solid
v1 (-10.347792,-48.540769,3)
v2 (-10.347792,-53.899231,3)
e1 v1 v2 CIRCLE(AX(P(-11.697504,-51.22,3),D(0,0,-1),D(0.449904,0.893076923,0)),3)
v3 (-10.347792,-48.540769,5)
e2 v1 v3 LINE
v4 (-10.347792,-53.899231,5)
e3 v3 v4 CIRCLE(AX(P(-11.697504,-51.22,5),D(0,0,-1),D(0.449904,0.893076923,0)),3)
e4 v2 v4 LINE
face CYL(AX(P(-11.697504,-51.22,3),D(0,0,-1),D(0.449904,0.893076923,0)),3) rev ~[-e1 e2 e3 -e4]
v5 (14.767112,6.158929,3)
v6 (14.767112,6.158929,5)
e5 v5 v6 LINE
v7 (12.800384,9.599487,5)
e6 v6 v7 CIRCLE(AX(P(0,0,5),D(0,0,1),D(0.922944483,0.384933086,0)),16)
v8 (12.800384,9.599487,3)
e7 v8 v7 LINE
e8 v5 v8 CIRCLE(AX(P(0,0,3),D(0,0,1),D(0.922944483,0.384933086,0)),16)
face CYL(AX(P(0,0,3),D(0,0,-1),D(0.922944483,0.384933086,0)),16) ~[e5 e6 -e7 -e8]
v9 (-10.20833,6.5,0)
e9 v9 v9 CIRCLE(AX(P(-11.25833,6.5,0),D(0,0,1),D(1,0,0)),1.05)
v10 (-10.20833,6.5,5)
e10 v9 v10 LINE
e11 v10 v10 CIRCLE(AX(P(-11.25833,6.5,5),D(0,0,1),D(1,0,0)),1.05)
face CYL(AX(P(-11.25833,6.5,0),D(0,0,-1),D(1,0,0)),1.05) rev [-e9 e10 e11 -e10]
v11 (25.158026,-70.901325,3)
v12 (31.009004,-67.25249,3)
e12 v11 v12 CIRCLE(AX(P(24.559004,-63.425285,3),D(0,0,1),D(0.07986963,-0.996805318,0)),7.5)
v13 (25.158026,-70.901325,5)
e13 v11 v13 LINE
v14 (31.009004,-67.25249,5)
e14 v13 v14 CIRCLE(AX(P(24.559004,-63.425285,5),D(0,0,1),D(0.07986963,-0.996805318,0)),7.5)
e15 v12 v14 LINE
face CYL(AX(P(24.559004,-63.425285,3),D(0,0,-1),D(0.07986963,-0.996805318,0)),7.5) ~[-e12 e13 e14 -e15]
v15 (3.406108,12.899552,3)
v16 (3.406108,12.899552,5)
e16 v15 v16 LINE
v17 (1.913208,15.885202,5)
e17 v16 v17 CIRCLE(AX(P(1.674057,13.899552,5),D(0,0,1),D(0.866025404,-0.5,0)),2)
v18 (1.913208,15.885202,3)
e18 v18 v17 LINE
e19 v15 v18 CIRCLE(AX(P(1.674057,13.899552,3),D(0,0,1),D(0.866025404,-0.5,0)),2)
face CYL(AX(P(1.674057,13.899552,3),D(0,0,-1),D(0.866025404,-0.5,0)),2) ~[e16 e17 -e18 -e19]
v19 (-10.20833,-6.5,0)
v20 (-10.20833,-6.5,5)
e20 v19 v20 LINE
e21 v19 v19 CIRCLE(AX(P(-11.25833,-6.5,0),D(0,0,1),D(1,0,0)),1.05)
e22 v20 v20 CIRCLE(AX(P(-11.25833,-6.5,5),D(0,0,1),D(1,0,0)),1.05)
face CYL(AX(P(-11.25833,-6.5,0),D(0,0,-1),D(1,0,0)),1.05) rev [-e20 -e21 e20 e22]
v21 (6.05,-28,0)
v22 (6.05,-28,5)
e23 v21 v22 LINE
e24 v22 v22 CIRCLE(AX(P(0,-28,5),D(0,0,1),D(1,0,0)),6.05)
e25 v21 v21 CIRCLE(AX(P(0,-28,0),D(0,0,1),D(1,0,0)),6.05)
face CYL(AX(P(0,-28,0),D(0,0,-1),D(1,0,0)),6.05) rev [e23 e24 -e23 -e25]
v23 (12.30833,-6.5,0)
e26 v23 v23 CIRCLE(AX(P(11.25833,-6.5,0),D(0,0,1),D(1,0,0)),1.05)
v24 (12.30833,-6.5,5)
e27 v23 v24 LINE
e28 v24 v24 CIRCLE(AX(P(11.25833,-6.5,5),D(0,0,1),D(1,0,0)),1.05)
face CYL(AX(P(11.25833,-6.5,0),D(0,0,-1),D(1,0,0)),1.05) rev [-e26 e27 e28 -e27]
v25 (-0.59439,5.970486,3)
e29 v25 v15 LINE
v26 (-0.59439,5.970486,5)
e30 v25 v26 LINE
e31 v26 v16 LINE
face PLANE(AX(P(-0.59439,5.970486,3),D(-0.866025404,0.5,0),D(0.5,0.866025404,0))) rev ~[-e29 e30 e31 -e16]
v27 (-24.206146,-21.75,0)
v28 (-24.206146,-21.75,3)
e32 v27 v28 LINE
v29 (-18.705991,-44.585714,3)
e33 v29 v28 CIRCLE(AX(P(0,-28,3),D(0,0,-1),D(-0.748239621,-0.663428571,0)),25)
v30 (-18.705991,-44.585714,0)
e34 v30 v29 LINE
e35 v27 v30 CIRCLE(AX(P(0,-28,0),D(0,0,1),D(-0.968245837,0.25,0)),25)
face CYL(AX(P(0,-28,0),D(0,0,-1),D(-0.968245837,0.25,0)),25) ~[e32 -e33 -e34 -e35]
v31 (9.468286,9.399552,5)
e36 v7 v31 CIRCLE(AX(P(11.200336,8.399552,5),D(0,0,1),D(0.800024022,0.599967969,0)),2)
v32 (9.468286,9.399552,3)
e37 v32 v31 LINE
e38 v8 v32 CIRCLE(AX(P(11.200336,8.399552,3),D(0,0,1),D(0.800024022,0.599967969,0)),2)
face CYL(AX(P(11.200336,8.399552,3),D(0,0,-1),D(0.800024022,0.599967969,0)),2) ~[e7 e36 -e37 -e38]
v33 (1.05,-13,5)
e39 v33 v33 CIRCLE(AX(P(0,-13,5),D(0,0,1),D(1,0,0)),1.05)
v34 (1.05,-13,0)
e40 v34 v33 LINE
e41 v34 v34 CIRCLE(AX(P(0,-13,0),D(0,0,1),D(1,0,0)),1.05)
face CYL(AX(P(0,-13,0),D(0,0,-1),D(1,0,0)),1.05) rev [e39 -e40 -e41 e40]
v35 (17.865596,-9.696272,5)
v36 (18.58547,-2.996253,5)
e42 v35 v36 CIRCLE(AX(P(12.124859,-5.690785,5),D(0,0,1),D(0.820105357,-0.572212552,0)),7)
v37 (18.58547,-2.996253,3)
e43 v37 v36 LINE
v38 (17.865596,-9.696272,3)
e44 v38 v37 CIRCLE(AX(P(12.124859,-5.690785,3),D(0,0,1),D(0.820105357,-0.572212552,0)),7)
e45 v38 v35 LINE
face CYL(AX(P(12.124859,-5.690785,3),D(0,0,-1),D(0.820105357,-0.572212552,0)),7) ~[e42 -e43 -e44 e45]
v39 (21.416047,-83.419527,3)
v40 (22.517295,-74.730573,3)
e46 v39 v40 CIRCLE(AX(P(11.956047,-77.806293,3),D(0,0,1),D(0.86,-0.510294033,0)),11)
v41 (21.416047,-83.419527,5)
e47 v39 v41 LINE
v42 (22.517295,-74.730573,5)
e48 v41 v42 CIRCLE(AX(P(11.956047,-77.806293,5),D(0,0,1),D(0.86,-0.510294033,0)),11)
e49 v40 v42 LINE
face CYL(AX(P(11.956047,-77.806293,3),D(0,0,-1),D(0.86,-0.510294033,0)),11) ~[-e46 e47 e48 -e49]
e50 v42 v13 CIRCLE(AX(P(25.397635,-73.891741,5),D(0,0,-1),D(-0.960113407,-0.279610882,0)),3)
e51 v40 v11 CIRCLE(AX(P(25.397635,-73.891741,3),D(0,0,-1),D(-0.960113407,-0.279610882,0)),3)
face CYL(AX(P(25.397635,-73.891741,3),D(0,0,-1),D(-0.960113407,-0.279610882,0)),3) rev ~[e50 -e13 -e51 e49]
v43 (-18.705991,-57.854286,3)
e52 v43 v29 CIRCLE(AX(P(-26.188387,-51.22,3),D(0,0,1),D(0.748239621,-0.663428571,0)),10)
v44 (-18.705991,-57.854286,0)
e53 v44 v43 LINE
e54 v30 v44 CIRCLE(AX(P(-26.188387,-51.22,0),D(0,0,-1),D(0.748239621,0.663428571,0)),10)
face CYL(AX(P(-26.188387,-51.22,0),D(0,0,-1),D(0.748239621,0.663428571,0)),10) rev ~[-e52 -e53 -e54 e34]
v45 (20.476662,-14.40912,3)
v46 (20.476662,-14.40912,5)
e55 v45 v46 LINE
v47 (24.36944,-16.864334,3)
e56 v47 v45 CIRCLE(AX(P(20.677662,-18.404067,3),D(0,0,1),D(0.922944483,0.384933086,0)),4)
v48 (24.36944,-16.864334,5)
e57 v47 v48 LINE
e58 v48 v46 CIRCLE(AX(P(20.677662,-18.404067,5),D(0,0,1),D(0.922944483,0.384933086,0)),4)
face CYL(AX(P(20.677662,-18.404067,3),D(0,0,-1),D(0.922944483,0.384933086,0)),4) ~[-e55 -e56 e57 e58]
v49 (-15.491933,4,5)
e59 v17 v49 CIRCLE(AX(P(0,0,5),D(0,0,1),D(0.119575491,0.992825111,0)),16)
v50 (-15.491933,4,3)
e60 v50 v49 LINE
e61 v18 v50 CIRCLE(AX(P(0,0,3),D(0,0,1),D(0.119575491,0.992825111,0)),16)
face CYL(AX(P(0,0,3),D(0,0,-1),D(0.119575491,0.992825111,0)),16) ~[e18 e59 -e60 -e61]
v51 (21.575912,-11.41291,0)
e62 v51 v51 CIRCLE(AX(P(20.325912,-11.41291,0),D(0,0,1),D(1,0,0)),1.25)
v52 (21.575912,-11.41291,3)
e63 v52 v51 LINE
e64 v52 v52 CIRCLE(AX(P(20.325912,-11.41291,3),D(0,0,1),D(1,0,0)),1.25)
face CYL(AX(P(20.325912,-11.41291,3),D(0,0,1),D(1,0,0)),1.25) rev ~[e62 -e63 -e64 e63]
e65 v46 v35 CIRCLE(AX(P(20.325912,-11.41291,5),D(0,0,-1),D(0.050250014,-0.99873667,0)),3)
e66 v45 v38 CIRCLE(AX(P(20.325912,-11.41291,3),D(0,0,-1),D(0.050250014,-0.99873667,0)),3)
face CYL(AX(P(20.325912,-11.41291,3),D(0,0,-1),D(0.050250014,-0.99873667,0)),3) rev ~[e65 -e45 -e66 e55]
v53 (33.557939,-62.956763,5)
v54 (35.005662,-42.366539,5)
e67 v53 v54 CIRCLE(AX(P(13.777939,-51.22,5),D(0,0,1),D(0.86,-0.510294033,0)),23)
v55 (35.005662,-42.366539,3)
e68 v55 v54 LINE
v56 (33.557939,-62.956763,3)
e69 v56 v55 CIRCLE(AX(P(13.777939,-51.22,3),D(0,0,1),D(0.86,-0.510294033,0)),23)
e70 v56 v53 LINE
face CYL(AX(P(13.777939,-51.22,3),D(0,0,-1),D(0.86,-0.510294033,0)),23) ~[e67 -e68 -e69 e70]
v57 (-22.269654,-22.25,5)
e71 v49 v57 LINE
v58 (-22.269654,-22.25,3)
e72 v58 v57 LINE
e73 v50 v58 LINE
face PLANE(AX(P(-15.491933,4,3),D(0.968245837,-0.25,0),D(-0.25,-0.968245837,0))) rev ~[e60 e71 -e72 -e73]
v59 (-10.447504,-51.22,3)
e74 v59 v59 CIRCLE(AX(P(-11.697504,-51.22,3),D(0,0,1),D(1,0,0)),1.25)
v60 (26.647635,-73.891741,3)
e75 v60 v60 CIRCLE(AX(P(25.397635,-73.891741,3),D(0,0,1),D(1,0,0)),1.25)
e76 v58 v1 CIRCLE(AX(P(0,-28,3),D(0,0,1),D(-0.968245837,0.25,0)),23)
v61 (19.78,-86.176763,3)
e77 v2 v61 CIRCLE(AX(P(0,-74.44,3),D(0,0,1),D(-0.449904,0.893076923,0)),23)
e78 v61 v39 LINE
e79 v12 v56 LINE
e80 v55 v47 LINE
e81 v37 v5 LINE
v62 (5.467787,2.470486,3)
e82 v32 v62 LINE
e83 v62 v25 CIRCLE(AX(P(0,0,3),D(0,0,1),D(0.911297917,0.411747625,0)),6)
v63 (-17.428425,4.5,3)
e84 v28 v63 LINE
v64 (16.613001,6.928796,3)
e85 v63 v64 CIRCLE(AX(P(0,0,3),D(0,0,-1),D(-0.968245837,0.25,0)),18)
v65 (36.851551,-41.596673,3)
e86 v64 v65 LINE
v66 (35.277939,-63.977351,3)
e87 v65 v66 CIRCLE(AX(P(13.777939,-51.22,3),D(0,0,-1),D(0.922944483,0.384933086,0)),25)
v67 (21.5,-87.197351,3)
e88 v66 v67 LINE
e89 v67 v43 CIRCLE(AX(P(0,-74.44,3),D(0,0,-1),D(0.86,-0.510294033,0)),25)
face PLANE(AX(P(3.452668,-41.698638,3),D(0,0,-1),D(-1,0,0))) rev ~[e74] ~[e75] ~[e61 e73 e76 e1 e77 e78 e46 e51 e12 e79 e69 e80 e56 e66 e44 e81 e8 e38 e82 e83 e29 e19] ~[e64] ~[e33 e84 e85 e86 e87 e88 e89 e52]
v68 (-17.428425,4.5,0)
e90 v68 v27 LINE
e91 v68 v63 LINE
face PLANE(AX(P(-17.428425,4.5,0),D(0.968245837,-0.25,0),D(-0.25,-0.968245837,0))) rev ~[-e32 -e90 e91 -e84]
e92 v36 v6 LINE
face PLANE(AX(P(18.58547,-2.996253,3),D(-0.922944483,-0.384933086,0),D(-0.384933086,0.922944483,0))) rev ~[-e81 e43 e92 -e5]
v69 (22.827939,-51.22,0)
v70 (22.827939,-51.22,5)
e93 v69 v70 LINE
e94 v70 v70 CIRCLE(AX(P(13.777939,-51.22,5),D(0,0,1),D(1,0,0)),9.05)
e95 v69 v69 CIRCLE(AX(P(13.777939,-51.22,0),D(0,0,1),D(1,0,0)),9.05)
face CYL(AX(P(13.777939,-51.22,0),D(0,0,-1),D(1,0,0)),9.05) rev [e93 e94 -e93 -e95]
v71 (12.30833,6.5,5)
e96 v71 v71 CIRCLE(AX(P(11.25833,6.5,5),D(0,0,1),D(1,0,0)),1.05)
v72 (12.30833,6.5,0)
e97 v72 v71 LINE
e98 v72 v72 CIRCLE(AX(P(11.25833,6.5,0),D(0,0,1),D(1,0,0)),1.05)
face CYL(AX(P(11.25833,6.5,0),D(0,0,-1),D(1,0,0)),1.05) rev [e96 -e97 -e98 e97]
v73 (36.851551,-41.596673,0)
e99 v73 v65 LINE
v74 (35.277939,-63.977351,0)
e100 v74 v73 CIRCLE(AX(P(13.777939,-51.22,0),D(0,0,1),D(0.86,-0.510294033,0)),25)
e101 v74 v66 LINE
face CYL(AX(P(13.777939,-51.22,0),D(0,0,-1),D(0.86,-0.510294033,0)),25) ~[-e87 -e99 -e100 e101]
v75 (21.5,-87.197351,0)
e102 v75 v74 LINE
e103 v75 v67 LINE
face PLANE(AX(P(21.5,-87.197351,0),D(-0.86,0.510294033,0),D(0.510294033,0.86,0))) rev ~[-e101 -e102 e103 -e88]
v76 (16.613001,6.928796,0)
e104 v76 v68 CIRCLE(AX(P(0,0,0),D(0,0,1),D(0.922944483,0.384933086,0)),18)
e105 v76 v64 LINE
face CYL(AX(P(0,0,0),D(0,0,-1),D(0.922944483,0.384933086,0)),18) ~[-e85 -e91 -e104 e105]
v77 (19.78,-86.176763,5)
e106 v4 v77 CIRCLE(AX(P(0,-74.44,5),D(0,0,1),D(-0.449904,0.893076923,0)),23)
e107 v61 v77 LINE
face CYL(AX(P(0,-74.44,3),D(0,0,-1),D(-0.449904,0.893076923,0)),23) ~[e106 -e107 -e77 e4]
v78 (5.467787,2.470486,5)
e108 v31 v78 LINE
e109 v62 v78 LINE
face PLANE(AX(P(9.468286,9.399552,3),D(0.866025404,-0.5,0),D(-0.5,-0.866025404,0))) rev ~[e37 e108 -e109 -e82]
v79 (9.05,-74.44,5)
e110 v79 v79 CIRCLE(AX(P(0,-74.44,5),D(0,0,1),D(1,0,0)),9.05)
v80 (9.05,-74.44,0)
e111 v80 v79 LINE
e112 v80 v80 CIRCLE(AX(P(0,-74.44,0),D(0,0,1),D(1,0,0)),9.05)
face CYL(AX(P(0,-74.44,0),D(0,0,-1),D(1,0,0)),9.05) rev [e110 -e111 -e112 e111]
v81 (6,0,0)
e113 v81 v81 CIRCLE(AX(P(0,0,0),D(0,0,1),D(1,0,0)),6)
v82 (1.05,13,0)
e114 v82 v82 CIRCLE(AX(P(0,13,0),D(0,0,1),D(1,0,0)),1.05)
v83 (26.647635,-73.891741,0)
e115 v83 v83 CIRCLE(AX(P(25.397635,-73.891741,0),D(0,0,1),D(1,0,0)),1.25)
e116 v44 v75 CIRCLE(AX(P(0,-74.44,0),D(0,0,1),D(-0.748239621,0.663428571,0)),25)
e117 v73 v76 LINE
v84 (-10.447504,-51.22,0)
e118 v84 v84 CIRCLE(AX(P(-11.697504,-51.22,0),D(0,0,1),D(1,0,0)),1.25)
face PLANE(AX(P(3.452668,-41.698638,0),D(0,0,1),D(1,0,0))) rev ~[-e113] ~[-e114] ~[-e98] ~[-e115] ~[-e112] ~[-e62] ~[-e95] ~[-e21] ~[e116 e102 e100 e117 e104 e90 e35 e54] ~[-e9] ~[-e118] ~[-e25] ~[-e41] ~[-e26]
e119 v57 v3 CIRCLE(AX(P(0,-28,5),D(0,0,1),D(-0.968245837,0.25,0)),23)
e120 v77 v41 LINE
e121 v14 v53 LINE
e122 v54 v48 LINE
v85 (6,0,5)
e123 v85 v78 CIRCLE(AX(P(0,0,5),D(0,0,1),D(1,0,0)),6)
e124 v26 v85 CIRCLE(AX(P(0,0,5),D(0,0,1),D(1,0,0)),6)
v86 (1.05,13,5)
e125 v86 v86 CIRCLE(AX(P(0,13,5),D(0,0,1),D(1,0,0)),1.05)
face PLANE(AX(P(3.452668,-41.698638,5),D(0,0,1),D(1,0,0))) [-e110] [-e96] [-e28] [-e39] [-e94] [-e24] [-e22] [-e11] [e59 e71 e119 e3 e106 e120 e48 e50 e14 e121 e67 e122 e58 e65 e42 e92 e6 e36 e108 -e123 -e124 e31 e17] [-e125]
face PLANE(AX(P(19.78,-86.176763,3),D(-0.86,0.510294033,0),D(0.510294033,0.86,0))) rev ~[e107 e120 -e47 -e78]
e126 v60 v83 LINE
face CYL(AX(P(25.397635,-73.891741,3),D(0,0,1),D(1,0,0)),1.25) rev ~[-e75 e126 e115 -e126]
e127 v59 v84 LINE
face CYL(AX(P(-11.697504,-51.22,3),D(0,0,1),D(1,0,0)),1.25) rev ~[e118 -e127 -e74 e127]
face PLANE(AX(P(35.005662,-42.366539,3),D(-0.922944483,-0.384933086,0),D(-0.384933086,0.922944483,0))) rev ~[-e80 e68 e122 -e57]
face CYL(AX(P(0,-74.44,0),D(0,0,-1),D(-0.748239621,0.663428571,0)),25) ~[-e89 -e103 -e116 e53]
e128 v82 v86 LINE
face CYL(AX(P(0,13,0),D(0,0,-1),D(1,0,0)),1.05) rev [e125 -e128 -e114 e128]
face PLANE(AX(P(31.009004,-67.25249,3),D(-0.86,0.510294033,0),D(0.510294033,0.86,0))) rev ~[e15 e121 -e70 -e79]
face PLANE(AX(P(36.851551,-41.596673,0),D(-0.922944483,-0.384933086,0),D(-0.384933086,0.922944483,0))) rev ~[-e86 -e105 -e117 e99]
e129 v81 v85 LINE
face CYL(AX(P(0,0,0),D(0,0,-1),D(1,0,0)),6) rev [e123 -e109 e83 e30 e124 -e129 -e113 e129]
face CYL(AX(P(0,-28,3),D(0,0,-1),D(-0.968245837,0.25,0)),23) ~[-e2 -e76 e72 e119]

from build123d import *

# Parameters (mm, degrees)
SKETCH1_R           = 6
SKETCH1_R_2         = 6.05
SKETCH1_R_3         = 9.05
SKETCH1_R_4         = 1.05
BOSS_EXTRUDE1_DEPTH = 5
CUT_EXTRUDE1_START  = -2
CUT_EXTRUDE1_DEPTH  = 2
SKETCH3_R           = 1.25
CUT_EXTRUDE2_DEPTH  = 107.775662697


with BuildPart() as part:
    # Sketch1 → Boss-Extrude1 (new body)
    with BuildSketch(Plane.XY):
        with BuildLine():
            Line((-17.428425058, 4.5), (-24.206145914, -21.75))
            ThreePointArc((-24.206145914, -21.75), (-24.304944461, -33.854030643), (-18.705990528, -44.585714286))
            ThreePointArc((-18.705990528, -44.585714286), (-16.188386739, -51.22), (-18.705990528, -57.854285714))
            ThreePointArc((-18.705990528, -57.854285714), (-14.737892988, -94.633922608), (21.5, -87.197350822))
            Line((21.5, -87.197350822), (35.277938888, -63.977350822))
            ThreePointArc((35.277938888, -63.977350822), (38.71637128, -52.973450833), (36.851550967, -41.59667284))
            Line((36.851550967, -41.59667284), (16.613000697, 6.928795555))
            ThreePointArc((16.613000697, 6.928795555), (-1.281011782, 17.954359048), (-17.428425058, 4.5))
        make_face()
        Circle(SKETCH1_R, mode=Mode.SUBTRACT)
        with Locations((0, -28)):
            Circle(SKETCH1_R_2, mode=Mode.SUBTRACT)
        with Locations((13.777938888, -51.22)):
            Circle(SKETCH1_R_3, mode=Mode.SUBTRACT)
        with Locations((0, -74.44)):
            Circle(SKETCH1_R_3, mode=Mode.SUBTRACT)
        with Locations((0, 13)):
            Circle(SKETCH1_R_4, mode=Mode.SUBTRACT)
        with Locations((11.258330249, 6.5)):
            Circle(SKETCH1_R_4, mode=Mode.SUBTRACT)
        with Locations((11.258330249, -6.5)):
            Circle(SKETCH1_R_4, mode=Mode.SUBTRACT)
        with Locations((0, -13)):
            Circle(SKETCH1_R_4, mode=Mode.SUBTRACT)
        with Locations((-11.258330249, -6.5)):
            Circle(SKETCH1_R_4, mode=Mode.SUBTRACT)
        with Locations((-11.258330249, 6.5)):
            Circle(SKETCH1_R_4, mode=Mode.SUBTRACT)
    extrude(amount=BOSS_EXTRUDE1_DEPTH)

    # Sketch2 → Cut-Extrude1 (cut)
    with BuildSketch(Plane.XY.offset(5).offset(CUT_EXTRUDE1_START)):
        with BuildLine():
            Line((16.613000697, 6.928795555), (36.851550967, -41.59667284))
            ThreePointArc((36.851550967, -41.59667284), (38.71637128, -52.973450833), (35.277938888, -63.977350822))
            Line((35.277938888, -63.977350822), (21.5, -87.197350822))
            ThreePointArc((21.5, -87.197350822), (-14.737892988, -94.633922608), (-18.705990528, -57.854285714))
            ThreePointArc((-18.705990528, -57.854285714), (-16.188386739, -51.22), (-18.705990528, -44.585714286))
            ThreePointArc((-18.705990528, -44.585714286), (-24.304944461, -33.854030643), (-24.206145914, -21.75))
            Line((-24.206145914, -21.75), (-17.428425058, 4.5))
            ThreePointArc((-17.428425058, 4.5), (-1.281011782, 17.954359048), (16.613000697, 6.928795555))
        make_face()
        with BuildLine():
            Line((9.468285508, 9.39955156), (5.467787499, 2.470485754))
            ThreePointArc((5.467787499, 2.470485754), (3, 5.196152423), (-0.594390327, 5.970485754))
            Line((-0.594390327, 5.970485754), (3.406107682, 12.89955156))
            ThreePointArc((3.406107682, 12.89955156), (3.46289335, 14.794014563), (1.913207856, 15.885201783))
            ThreePointArc((1.913207856, 15.885201783), (-9.022746373, 13.213252737), (-15.491933385, 4))
            Line((-15.491933385, 4), (-22.269654241, -22.25))
            ThreePointArc((-22.269654241, -22.25), (-20.946970822, -37.498653241), (-10.347792006, -48.540769231))
            ThreePointArc((-10.347792006, -48.540769231), (-8.697504007, -51.22), (-10.347792006, -53.899230769))
            ThreePointArc((-10.347792006, -53.899230769), (-16.813726675, -90.133903125), (19.78, -86.176762756))
            Line((19.78, -86.176762756), (21.416047429, -83.419527323))
            ThreePointArc((21.416047429, -83.419527323), (22.868749584, -79.189380689), (22.517294907, -74.730573258))
            ThreePointArc((22.517294907, -74.730573258), (22.927957655, -72.188598464), (25.15802624, -70.901324657))
            ThreePointArc((25.15802624, -70.901324657), (28.527716294, -69.789192601), (31.009004018, -67.252490018))
            Line((31.009004018, -67.252490018), (33.557938888, -62.956762756))
            ThreePointArc((33.557938888, -62.956762756), (36.721296689, -52.833174766), (35.005662001, -42.366539013))
            Line((35.005662001, -42.366539013), (24.369440107, -16.864334436))
            ThreePointArc((24.369440107, -16.864334436), (22.811532345, -15.020784633), (20.47666212, -14.409120101))
            ThreePointArc((20.47666212, -14.409120101), (17.701744194, -12.866781789), (17.865596008, -9.696272437))
            ThreePointArc((17.865596008, -9.696272437), (19.084800596, -6.438585473), (18.585469893, -2.996252973))
            Line((18.585469893, -2.996252973), (14.76711173, 6.158929383))
            ThreePointArc((14.76711173, 6.158929383), (13.890682857, 7.940335621), (12.800384361, 9.599487498))
            ThreePointArc((12.800384361, 9.599487498), (11.080545761, 10.395960893), (9.468285508, 9.39955156))
        make_face(mode=Mode.SUBTRACT)
    extrude(amount=CUT_EXTRUDE1_DEPTH, mode=Mode.SUBTRACT)

    # Sketch3 → Cut-Extrude2 (cut, through all)
    with BuildSketch(Plane.XY.offset(3)):
        with Locations((20.325912078, -11.412910091)):
            Circle(SKETCH3_R)
        with Locations((-11.697504007, -51.22)):
            Circle(SKETCH3_R)
        with Locations((25.397635129, -73.891740611)):
            Circle(SKETCH3_R)
    extrude(amount=-CUT_EXTRUDE2_DEPTH, mode=Mode.SUBTRACT)


solid = part.part
